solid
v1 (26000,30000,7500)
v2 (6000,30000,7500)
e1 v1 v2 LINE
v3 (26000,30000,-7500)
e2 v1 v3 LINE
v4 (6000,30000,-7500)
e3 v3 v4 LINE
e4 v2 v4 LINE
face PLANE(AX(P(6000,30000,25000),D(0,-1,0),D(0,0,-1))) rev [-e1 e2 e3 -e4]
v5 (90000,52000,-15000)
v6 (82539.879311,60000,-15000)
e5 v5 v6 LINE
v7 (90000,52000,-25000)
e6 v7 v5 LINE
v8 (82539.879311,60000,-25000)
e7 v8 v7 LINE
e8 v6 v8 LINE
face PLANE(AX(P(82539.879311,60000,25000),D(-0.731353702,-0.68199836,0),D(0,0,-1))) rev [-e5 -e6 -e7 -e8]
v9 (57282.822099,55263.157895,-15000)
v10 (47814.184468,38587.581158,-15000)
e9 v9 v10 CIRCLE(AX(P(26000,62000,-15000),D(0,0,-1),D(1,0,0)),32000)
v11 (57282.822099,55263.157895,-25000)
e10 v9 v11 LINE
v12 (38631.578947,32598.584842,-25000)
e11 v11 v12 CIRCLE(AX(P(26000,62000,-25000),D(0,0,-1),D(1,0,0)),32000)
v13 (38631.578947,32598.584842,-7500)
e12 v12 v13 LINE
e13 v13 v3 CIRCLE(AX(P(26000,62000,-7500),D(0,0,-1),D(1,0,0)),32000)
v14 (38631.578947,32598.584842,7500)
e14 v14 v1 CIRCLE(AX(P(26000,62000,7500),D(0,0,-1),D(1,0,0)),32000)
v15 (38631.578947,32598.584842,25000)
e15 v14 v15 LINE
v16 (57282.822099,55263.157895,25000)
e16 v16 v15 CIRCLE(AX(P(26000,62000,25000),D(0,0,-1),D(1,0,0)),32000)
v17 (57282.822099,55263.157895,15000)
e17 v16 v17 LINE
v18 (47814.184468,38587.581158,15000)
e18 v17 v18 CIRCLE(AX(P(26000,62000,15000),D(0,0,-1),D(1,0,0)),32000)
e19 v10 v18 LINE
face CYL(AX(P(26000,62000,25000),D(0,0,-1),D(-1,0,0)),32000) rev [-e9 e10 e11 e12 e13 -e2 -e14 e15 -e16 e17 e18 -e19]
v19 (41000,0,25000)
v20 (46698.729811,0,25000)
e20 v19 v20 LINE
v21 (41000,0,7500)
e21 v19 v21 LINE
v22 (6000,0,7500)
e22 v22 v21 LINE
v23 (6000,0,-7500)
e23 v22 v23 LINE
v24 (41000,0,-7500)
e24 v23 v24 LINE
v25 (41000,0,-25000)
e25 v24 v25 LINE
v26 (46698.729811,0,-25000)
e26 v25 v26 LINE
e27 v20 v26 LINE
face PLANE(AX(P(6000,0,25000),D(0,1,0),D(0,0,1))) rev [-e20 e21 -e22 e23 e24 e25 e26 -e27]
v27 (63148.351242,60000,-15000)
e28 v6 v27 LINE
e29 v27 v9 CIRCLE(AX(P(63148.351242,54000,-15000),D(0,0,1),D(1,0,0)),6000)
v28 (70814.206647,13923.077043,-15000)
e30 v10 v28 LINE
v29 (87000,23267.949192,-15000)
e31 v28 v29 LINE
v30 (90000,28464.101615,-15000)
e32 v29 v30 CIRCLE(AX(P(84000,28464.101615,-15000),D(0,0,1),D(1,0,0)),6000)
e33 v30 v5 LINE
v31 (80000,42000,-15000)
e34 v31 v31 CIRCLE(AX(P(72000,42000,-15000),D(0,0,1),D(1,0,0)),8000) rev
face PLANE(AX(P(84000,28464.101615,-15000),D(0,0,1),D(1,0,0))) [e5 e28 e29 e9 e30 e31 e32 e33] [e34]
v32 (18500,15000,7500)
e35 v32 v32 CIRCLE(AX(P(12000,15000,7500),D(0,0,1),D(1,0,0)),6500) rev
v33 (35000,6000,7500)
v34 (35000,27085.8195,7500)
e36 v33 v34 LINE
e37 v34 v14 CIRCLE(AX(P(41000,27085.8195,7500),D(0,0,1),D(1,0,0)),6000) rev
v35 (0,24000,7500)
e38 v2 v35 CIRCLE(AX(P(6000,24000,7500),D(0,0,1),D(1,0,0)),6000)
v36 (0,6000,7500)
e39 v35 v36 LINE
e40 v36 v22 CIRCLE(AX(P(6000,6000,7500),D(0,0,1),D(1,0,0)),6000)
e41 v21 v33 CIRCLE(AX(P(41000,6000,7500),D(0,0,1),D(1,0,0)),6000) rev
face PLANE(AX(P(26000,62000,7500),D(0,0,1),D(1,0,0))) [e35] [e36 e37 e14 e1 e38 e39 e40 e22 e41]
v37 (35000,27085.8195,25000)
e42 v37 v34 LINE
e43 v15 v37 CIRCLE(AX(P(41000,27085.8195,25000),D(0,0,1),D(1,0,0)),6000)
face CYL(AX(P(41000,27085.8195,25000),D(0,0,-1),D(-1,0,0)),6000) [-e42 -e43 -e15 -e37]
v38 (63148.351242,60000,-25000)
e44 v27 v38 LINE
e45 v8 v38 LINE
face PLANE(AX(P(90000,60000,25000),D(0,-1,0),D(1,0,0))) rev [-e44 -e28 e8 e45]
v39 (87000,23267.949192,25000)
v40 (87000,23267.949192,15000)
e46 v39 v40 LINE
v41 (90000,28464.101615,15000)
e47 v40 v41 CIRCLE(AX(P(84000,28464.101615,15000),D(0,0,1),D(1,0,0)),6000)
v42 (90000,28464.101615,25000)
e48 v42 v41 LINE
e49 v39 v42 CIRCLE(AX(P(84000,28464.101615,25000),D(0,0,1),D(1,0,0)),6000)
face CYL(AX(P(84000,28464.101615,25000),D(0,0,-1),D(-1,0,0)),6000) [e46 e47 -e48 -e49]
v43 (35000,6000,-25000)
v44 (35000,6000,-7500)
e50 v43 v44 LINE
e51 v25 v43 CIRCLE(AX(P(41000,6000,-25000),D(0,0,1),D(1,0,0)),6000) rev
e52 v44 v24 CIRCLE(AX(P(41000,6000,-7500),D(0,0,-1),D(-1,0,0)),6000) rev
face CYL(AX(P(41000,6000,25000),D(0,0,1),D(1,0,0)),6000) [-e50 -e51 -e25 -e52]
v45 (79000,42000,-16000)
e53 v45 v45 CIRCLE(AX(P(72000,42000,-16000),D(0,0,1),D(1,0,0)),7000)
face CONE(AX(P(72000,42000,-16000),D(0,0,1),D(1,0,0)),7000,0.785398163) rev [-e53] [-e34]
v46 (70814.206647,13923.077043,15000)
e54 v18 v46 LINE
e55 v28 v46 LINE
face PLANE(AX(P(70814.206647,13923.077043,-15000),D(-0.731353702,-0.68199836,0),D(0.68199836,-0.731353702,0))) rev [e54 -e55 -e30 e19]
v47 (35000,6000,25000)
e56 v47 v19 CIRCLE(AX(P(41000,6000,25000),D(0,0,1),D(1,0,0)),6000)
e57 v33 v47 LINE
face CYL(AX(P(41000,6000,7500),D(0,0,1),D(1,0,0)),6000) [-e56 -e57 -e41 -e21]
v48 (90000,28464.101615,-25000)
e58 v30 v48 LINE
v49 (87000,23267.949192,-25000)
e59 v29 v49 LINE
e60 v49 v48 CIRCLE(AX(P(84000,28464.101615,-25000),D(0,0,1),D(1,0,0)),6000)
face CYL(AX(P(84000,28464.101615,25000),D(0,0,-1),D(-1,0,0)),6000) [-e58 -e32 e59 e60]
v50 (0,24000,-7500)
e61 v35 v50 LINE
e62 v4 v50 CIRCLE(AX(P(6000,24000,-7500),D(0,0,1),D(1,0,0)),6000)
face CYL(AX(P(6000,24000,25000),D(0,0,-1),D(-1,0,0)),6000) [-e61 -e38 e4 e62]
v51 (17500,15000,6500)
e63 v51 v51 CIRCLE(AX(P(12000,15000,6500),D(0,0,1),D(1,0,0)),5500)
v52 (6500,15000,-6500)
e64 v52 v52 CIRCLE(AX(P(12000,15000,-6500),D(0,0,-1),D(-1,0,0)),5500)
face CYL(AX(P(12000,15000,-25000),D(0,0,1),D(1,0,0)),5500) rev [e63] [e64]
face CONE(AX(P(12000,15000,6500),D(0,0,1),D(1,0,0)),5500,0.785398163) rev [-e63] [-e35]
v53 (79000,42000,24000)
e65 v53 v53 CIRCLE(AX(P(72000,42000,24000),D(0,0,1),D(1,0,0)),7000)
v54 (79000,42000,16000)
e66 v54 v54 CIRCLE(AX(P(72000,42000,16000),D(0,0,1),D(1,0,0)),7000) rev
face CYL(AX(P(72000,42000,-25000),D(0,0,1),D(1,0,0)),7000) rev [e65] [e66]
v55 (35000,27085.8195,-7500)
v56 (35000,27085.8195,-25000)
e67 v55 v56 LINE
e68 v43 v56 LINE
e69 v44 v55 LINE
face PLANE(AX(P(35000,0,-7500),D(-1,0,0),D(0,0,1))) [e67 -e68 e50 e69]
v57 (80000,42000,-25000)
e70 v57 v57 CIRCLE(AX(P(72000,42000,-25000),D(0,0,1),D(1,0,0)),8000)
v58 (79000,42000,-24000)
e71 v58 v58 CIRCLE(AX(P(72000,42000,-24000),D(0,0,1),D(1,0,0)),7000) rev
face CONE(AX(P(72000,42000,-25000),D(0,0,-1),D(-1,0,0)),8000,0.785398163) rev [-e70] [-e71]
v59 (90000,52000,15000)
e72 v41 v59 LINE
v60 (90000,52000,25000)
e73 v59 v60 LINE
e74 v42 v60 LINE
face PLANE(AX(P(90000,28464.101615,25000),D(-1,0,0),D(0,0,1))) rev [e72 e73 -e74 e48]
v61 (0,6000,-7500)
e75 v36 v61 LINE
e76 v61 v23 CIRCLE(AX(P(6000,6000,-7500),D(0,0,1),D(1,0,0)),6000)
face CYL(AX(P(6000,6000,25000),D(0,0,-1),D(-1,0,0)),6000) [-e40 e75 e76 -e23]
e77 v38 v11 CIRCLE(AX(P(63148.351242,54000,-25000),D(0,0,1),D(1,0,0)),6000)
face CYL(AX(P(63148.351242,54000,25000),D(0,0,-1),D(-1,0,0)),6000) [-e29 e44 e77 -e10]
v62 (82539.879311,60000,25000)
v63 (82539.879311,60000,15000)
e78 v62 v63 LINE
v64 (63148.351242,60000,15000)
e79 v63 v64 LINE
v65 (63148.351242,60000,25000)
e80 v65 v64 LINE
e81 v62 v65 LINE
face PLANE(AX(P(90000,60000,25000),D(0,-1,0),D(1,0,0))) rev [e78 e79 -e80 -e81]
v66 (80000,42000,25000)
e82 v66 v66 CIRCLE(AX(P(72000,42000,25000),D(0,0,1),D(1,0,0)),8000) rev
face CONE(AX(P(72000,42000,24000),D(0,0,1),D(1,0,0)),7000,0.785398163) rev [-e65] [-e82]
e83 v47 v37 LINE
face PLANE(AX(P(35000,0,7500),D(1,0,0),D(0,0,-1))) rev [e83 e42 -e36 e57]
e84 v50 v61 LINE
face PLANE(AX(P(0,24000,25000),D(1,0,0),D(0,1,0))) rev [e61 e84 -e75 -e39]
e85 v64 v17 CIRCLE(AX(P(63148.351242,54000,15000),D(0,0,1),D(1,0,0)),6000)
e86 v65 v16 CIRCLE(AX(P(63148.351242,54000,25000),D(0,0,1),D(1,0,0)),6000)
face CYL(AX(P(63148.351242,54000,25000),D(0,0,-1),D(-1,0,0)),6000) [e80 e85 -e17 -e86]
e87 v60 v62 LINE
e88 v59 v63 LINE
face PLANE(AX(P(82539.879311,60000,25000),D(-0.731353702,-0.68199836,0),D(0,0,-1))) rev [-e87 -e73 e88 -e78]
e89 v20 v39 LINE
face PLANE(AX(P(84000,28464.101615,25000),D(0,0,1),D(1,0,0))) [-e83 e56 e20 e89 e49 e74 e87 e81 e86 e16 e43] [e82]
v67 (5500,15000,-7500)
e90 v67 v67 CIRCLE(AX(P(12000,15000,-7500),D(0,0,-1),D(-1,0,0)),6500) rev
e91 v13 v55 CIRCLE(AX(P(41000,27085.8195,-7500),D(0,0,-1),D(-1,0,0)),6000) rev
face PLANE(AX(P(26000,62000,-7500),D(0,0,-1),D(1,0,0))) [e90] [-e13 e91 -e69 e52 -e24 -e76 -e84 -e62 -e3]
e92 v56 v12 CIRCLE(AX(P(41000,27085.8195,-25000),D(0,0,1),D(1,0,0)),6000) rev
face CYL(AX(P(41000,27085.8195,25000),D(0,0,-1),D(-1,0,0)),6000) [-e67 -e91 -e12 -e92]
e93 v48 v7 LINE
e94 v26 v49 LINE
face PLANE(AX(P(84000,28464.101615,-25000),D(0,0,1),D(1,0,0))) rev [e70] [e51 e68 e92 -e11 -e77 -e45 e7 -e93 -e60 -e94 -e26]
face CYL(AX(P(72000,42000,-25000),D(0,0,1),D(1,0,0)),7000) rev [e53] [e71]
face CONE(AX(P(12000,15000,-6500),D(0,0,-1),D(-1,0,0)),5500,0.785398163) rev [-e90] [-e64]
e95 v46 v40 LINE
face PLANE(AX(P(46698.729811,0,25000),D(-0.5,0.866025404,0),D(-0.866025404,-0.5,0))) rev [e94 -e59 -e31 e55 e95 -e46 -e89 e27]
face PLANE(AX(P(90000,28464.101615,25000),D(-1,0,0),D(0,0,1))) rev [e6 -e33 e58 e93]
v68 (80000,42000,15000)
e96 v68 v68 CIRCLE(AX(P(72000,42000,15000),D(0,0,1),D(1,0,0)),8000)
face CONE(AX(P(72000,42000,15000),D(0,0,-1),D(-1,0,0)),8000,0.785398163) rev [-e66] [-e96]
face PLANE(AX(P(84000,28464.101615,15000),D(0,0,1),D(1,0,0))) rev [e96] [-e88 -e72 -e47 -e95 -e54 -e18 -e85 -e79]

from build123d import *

# Parameters (mm, degrees)
BOSS_EXTRUDE1_DEPTH     = 25000
CHAMFER1_SIZE           = 8000
CHAMFER1_SIZE2          = 7460.120689101317
CUT_EXTRUDE1_DEPTH      = 15000
CUT_EXTRUDE2_DEPTH      = 17500
FILLET1_R               = 6000
CUT_EXTRUDE3_DEPTH      = 112944.56998076734
CUT_EXTRUDE3_DEPTH_BACK = 112944.56998076734
SKETCH6_R               = 5500.000000000001
CUT_EXTRUDE4_DEPTH      = 119164.7528781319
CUT_EXTRUDE4_DEPTH_BACK = 119164.7528781319
SKETCH7_R               = 7000.000000000006
CHAMFER2_SIZE           = 1000
CHAMFER3_SIZE           = 1000
FILLET2_R               = 6000


with BuildPart() as part:
    # Sketch1 → Boss-Extrude1 (new, symmetric)
    with BuildSketch(Plane.XY):
        with BuildLine():
            Line((-6.7599e-13, 23999.999999999956), (-1.69e-13, 6000.000000000043))
            ThreePointArc((-1.69e-13, 6000.000000000043), (1757.3593128807133, 1757.3593128807152), (6000.000000000043, 0))
            Line((6000.000000000043, 0), (46698.72981077821, 0))
            Line((46698.72981077821, 0), (86999.99999999999, 23267.949192431108))
            ThreePointArc((86999.99999999999, 23267.949192431108), (89196.15242270664, 25464.101615137755), (90000, 28464.101615137777))
            Line((90000, 28464.101615137777), (90000, 60000))
            Line((90000, 60000), (63148.35124201342, 59999.99999999999))
            ThreePointArc((63148.35124201342, 59999.99999999999), (59378.66606738816, 58667.919631292985), (57282.82209853761, 55263.15789473683))
            ThreePointArc((57282.82209853761, 55263.15789473683), (46104.987598001375, 37104.42863310402), (25999.999999999993, 30000))
            Line((25999.999999999993, 30000), (6000.000000000042, 30000))
            ThreePointArc((6000.000000000042, 30000), (1757.3593128807124, 28242.640687119285), (-6.7599e-13, 23999.999999999956))
        make_face()
    extrude(amount=BOSS_EXTRUDE1_DEPTH, both=True)

    # Chamfer1
    chamfer1_edges = [part.edges().sort_by_distance(p)[0] for p in [
        (90000, 60000, 0),
    ]]
    chamfer1_side = [part.faces().sort_by_distance(p)[0] for p in [
        (90000, 44232.050807568885, -1.1813e-13),
    ]]
    chamfer(chamfer1_edges, length=CHAMFER1_SIZE, length2=CHAMFER1_SIZE2, reference=chamfer1_side[0])

    # Sketch4 → Cut-Extrude1 (cut, symmetric)
    with BuildSketch(Plane.XY):
        with BuildLine():
            Line((70814.20664708655, 13923.077043078853), (47814.18446750665, 38587.581158334135))
            ThreePointArc((47814.18446750665, 38587.581158334135), (53826.99662991948, 46199.4222080821), (57282.82209853761, 55263.15789473681))
            ThreePointArc((57282.82209853761, 55263.15789473681), (59378.66606738815, 58667.919631292985), (63148.35124201342, 60000))
            Line((63148.35124201342, 60000), (82539.87931089872, 60000))
            Line((82539.87931089872, 60000), (90000, 51999.99999999997))
            Line((90000, 51999.99999999997), (90000, 28464.101615137777))
            ThreePointArc((90000, 28464.101615137777), (89196.15242270664, 25464.101615137755), (86999.99999999999, 23267.949192431108))
            Line((86999.99999999999, 23267.949192431108), (70814.20664708655, 13923.077043078853))
        make_face()
    extrude(amount=CUT_EXTRUDE1_DEPTH, both=True, mode=Mode.SUBTRACT)

    # Sketch5 → Cut-Extrude2 (cut)
    with BuildSketch(Plane.XY.offset(25000)):
        with BuildLine():
            Line((35000, 0), (35000, 31291.694934431827))
            ThreePointArc((35000, 31291.694934431827), (30546.11031002429, 30324.56975747463), (25999.99999999999, 30000))
            Line((25999.99999999999, 30000), (6000.000000000041, 30000))
            ThreePointArc((6000.000000000041, 30000), (1757.3593128807133, 28242.640687119285), (-1.77636e-12, 23999.999999999956))
            Line((-1.77636e-12, 23999.999999999956), (0, 6000.000000000043))
            ThreePointArc((0, 6000.000000000043), (1757.3593128807133, 1757.3593128807152), (6000.000000000041, 0))
            Line((6000.000000000041, 0), (35000, 0))
        make_face()
    cut_extrude2 = extrude(amount=-CUT_EXTRUDE2_DEPTH, mode=Mode.SUBTRACT)

    # Mirror2: Cut-Extrude2 across plane
    add(cut_extrude2.mirror(Plane.XY), mode=Mode.SUBTRACT)

    # Fillet1
    fillet1_edges = [part.edges().sort_by_distance(p)[0] for p in [
        (35000, 0, 16250),
        (35000, 31291.694934431827, 16250),
    ]]
    fillet(fillet1_edges, radius=FILLET1_R)

    # Sketch6 → Cut-Extrude3 (cut, two sides: drawn at the far end of the back side and taken through both)
    with BuildSketch(Plane.XY.offset(7500).offset(-CUT_EXTRUDE3_DEPTH_BACK)):
        with Locations((11999.999999999998, 15000)):
            Circle(SKETCH6_R)
    extrude(amount=CUT_EXTRUDE3_DEPTH + CUT_EXTRUDE3_DEPTH_BACK, mode=Mode.SUBTRACT)

    # Sketch7 → Cut-Extrude4 (cut, two sides: drawn at the far end of the back side and taken through both)
    with BuildSketch(Plane.XY.offset(25000).offset(-CUT_EXTRUDE4_DEPTH_BACK)):
        with Locations((72000, 42000)):
            Circle(SKETCH7_R)
    extrude(amount=CUT_EXTRUDE4_DEPTH + CUT_EXTRUDE4_DEPTH_BACK, mode=Mode.SUBTRACT)

    # Chamfer2
    chamfer2_edges = [part.edges().sort_by_distance(p)[0] for p in [
        (6499.999999999997, 15000, 7500),
        (64999.99999999999, 42000, 25000),
        (64999.99999999999, 42000, 15000),
    ]]
    chamfer(chamfer2_edges, length=CHAMFER2_SIZE)

    # Chamfer3
    chamfer3_edges = [part.edges().sort_by_distance(p)[0] for p in [
        (6499.999999999997, 15000, -7500),
        (64999.99999999999, 42000, -15000),
        (64999.99999999999, 42000, -25000),
    ]]
    chamfer(chamfer3_edges, length=CHAMFER3_SIZE)

    # Fillet2
    fillet2_edges = [part.edges().sort_by_distance(p)[0] for p in [
        (35000, 0, -16250),
        (35000, 31291.694934431827, -16250),
    ]]
    fillet(fillet2_edges, radius=FILLET2_R)


solid = part.part
